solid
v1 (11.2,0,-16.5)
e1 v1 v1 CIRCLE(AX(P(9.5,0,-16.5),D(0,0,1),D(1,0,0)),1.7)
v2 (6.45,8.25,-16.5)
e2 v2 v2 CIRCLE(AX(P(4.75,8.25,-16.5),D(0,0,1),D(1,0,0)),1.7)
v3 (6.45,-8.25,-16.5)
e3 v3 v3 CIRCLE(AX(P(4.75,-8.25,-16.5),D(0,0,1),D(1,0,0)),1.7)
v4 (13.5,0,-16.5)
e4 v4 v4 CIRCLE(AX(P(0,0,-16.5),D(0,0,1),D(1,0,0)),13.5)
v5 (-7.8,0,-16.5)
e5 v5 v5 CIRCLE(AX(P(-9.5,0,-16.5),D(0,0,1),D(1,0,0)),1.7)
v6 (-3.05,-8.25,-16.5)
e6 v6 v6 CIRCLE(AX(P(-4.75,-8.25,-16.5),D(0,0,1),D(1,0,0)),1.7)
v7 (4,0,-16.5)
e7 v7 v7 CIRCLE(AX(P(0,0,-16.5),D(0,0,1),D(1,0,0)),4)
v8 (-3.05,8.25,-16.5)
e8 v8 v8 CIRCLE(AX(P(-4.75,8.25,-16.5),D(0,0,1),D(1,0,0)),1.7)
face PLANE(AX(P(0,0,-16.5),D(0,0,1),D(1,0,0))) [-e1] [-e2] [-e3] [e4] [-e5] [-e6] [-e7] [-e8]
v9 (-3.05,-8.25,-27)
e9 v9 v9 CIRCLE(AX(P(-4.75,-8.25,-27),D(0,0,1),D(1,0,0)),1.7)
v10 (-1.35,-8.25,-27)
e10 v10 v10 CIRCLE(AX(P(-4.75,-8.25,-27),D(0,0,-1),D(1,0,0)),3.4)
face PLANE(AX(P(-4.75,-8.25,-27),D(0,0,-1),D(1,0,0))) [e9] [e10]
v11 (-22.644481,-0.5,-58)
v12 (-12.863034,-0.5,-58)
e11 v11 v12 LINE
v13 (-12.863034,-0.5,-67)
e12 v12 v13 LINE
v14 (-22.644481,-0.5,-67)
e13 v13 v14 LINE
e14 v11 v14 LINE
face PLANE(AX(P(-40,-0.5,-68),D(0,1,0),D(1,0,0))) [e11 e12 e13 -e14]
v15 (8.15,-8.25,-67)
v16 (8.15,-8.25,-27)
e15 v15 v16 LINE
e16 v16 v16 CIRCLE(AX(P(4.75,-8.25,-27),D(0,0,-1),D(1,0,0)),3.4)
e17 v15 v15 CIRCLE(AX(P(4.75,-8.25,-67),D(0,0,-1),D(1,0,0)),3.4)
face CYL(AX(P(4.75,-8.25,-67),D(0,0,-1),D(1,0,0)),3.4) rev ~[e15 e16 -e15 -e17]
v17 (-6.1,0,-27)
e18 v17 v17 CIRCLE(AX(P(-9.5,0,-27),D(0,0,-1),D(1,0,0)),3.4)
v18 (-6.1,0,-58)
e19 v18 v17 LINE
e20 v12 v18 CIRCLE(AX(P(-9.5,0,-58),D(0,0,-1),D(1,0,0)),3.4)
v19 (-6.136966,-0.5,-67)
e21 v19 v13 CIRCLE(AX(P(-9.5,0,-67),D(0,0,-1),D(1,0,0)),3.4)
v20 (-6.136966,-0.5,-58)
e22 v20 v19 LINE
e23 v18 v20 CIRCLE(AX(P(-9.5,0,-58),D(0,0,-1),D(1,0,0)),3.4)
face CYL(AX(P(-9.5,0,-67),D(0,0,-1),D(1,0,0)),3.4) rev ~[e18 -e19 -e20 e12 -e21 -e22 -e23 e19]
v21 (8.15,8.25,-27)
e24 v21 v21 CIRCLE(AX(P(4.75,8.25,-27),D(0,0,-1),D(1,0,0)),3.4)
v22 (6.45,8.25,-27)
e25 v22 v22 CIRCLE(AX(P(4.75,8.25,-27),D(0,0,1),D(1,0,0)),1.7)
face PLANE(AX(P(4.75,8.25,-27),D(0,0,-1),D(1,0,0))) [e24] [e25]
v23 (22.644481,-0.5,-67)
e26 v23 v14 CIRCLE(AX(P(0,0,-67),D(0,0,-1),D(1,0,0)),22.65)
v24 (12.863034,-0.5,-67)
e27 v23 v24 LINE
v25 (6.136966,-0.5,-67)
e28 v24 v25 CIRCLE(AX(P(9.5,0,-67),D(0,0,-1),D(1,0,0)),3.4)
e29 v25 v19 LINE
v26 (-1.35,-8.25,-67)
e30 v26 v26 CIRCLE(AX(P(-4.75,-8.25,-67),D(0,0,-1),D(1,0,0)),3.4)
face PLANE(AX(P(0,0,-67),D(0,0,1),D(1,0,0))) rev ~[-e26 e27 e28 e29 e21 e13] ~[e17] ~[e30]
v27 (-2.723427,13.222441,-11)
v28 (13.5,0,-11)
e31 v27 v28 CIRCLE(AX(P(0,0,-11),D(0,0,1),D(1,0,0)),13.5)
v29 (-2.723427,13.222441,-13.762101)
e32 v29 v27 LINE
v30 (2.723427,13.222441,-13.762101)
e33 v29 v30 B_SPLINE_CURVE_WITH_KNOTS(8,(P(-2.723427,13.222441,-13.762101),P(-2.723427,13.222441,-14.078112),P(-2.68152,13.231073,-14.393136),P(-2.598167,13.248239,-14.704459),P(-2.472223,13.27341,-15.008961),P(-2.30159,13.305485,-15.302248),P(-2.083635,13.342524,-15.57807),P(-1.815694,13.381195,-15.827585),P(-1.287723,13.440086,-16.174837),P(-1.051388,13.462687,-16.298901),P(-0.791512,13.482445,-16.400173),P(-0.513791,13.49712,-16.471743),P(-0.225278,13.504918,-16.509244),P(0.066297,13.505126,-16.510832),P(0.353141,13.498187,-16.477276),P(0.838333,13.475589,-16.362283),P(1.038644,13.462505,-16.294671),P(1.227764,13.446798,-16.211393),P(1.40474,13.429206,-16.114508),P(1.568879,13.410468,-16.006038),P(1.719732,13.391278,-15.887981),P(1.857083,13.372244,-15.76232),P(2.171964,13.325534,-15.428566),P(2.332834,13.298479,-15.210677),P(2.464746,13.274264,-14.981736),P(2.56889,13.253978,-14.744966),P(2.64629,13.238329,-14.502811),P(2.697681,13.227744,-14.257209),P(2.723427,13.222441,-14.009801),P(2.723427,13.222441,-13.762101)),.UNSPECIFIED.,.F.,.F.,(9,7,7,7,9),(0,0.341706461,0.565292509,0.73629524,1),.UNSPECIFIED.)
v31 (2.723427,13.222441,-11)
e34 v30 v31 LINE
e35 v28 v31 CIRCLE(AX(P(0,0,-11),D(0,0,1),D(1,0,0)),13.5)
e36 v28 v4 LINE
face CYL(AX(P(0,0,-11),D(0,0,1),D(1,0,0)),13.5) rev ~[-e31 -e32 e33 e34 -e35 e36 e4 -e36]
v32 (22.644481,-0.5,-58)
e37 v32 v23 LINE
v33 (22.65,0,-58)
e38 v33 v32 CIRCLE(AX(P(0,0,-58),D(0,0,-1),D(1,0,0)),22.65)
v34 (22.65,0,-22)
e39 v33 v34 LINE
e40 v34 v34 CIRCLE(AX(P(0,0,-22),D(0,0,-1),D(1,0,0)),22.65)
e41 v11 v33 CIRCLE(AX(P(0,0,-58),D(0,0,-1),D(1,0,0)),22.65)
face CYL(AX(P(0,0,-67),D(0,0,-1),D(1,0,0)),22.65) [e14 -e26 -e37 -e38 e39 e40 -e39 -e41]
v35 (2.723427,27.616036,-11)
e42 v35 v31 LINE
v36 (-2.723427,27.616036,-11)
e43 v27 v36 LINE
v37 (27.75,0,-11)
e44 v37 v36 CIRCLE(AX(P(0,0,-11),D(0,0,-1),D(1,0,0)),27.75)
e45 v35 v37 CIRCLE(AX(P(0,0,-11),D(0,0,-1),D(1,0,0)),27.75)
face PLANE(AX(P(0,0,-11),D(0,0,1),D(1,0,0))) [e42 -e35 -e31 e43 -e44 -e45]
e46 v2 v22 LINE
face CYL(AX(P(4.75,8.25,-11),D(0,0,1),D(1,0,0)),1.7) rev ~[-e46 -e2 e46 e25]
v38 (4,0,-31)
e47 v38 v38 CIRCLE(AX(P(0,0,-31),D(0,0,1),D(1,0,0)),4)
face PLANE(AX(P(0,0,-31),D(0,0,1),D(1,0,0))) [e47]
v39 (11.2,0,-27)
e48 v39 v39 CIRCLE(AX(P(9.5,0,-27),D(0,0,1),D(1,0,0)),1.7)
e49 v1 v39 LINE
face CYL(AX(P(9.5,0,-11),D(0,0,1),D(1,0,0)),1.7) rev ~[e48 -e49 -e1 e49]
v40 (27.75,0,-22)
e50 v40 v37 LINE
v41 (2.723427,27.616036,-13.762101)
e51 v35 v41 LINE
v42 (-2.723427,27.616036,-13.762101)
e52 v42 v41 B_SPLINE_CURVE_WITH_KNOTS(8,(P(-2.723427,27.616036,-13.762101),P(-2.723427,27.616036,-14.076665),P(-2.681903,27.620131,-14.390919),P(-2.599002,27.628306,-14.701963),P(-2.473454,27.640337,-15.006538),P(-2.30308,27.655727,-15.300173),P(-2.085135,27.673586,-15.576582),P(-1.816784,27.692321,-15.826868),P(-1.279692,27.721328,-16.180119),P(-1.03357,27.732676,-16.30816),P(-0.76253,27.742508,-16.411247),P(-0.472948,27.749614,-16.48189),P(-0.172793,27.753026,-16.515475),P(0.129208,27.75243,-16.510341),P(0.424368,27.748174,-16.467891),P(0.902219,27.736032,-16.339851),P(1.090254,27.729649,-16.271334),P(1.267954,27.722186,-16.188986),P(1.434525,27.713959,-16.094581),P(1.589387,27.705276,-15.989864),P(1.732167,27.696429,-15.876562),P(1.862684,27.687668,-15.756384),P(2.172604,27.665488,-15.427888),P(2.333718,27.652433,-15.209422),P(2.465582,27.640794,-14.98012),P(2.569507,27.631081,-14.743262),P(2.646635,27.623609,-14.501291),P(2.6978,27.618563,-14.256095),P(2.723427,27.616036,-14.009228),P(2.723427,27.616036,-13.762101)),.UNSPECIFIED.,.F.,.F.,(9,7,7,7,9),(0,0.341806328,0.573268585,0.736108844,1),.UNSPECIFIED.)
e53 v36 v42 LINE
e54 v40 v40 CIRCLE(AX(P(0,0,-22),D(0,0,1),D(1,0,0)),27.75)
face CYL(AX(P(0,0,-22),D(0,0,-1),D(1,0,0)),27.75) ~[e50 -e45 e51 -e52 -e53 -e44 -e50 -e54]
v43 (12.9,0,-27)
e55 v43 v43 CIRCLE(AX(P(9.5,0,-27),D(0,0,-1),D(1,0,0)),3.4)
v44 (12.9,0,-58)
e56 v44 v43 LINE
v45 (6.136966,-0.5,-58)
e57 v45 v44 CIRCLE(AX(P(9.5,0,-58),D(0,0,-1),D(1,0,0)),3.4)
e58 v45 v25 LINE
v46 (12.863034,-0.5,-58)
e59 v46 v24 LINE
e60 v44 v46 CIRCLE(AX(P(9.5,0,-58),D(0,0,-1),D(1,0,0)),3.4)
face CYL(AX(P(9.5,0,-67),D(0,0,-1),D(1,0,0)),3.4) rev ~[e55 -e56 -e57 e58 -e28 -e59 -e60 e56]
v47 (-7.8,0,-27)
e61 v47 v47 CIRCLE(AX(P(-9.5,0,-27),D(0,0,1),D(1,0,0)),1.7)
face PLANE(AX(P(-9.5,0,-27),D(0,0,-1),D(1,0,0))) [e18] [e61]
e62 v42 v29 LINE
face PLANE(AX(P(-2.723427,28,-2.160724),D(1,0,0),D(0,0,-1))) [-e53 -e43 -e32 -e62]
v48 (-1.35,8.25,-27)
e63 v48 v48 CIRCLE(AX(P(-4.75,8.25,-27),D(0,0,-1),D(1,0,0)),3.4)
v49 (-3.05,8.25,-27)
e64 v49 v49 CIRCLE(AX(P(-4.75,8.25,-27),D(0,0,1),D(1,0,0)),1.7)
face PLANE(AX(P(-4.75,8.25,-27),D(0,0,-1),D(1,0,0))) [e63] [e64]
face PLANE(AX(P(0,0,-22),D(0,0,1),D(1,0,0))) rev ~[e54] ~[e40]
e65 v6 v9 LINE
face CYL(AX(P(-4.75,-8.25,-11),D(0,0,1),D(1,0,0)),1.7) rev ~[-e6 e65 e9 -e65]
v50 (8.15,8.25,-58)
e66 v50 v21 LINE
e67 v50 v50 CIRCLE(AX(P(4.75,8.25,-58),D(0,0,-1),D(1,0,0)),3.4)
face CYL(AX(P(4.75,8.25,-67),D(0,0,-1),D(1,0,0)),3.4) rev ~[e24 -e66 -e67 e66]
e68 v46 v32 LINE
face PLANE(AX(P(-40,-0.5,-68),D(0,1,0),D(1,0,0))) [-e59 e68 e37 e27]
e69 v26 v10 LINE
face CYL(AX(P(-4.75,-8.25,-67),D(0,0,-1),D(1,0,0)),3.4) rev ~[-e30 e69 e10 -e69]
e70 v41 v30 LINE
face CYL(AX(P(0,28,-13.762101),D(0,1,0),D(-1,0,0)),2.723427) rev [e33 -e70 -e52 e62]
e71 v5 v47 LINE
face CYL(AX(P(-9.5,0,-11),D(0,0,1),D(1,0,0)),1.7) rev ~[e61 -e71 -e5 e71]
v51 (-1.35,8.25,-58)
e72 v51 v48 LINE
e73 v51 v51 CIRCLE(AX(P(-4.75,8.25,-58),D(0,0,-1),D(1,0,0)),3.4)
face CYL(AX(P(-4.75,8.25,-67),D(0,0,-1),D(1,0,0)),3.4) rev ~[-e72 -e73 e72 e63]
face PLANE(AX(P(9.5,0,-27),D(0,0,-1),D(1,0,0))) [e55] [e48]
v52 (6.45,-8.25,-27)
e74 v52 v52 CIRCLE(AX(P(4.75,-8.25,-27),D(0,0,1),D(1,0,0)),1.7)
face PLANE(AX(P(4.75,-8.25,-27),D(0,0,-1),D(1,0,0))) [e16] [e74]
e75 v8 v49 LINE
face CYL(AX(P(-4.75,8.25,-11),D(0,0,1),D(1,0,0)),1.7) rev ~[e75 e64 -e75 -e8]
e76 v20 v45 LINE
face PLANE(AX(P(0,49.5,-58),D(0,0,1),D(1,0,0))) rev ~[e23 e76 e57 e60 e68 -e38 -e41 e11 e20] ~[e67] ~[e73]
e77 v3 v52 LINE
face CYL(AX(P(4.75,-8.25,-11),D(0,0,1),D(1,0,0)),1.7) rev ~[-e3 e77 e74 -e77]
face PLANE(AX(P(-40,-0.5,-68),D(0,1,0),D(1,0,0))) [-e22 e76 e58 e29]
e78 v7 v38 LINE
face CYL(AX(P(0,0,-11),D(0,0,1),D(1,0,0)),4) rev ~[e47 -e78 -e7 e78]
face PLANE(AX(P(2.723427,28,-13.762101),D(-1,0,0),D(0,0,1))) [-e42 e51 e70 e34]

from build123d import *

# Parameters (mm, degrees)
BOX002_W          = 80
BOX002_H          = 100
BOX002_DEPTH      = 10
BOX_W             = 10
BOX_H             = 10
BOX_DEPTH         = 10.8
CYLINDER002_R     = 2.15
CYLINDER002_DEPTH = 10.8
CYLINDER_R        = 22.75
CYLINDER_DEPTH    = 60
CYLINDER001_R     = 27.75
CYLINDER001_DEPTH = 15
SKETCH025_R       = 48.85367
POCKET023_DEPTH   = 4
SKETCH026_R       = 13.5
POCKET024_DEPTH   = 5.5
SKETCH027_R       = 4
POCKET025_DEPTH   = 20
SKETCH028_R       = 1.7
POCKET026_DEPTH   = 56.001
SKETCH029_R       = 3.4
POCKET027_DEPTH   = 40
POCKET028_DEPTH   = 19
SKETCH050_R       = 33.40384
SKETCH050_R_2     = 22.65
POCKET041_DEPTH   = 45


with BuildPart() as cutcube001:
    # Box002 → Box002 (new body)
    with BuildSketch(Plane(origin=(-40, -0.5, -1), x_dir=(1, 0, 0), z_dir=(0, 0, 1))):
        with Locations((40, 50)):
            Rectangle(BOX002_W, BOX002_H)
    extrude(amount=BOX002_DEPTH)


with BuildPart() as cube:
    # Box → Box (new body)
    with BuildSketch(Plane(origin=(-5, 1.536842, 0), x_dir=(1, 0, 0), z_dir=(0, 0, 1))):
        with Locations((5, 5)):
            Rectangle(BOX_W, BOX_H)
    extrude(amount=BOX_DEPTH)


with BuildPart() as motor_shaft_hole:
    # Cylinder002 → Cylinder002 (new body)
    with BuildSketch(Plane.XY):
        Circle(CYLINDER002_R)
    extrude(amount=CYLINDER002_DEPTH)

    # Cut: cut Cube
    add(cube.part, mode=Mode.SUBTRACT)


with BuildPart() as motor_shaft_hole_1:
    # Cut placement: moved
    add(motor_shaft_hole.part.moved(Location((0, 0, 49.2))))


with BuildPart() as cylinder_plug_inner:
    # Cylinder → Cylinder (new body)
    with BuildSketch(Plane.XY):
        Circle(CYLINDER_R)
    extrude(amount=CYLINDER_DEPTH)


with BuildPart() as body002:
    # Cylinder001 → Cylinder001 (new body)
    with BuildSketch(Plane.XY.offset(45)):
        Circle(CYLINDER001_R)
    extrude(amount=CYLINDER001_DEPTH)

    # Fusion: union Cylinder_plug_inner
    add(cylinder_plug_inner.part)

    # Cut001: cut Motor_shaft_hole
    add(motor_shaft_hole_1.part, mode=Mode.SUBTRACT)

    # Cut003: cut CutCube001
    add(cutcube001.part, mode=Mode.SUBTRACT)


with BuildPart() as body002_1:
    # Cut003 placement: moved
    add(body002.part.moved(Location((135, 0, 0))))


with BuildPart() as body002_2:
    # BaseFeature001 placement: moved
    add(body002_1.part.moved(Location((-135, 0, 0))))

    # Sketch025 (on Face5 of BaseFeature001) → Pocket023 (cut)
    with BuildSketch(Plane.XY.offset(60)):
        Circle(SKETCH025_R)
    extrude(amount=-POCKET023_DEPTH, mode=Mode.SUBTRACT)

    # Sketch026 (on Face3 of Pocket023) → Pocket024 (cut)
    with BuildSketch(Plane.XY.offset(56)):
        Circle(SKETCH026_R)
    extrude(amount=-POCKET024_DEPTH, mode=Mode.SUBTRACT)

    # Sketch027 (on Face3 of Pocket024) → Pocket025 (cut)
    with BuildSketch(Plane.XY.offset(56)):
        Circle(SKETCH027_R)
    extrude(amount=-POCKET025_DEPTH, mode=Mode.SUBTRACT)

    # Sketch028 (on Face3 of Pocket025) → Pocket026 (cut, through all)
    with BuildSketch(Plane.XY.offset(56)):
        with Locations((-4.75, 8.25)):
            Circle(SKETCH028_R)
        with Locations((4.75, 8.25)):
            Circle(SKETCH028_R)
        with Locations((4.75, -8.25)):
            Circle(SKETCH028_R)
        with Locations((-4.75, -8.25)):
            Circle(SKETCH028_R)
        with Locations((-9.5, 0)):
            Circle(SKETCH028_R)
        with Locations((9.5, 0)):
            Circle(SKETCH028_R)
    extrude(amount=-POCKET026_DEPTH, mode=Mode.SUBTRACT)

    # Sketch029 (on Face6 of Pocket026) → Pocket027 (cut)
    with BuildSketch(Plane(origin=(0, 0, 0), x_dir=(1, 0, 0), z_dir=(0, 0, -1))):
        with Locations((-4.75, 8.25)):
            Circle(SKETCH029_R)
        with Locations((4.75, 8.25)):
            Circle(SKETCH029_R)
        with Locations((9.5, 0)):
            Circle(SKETCH029_R)
        with Locations((-9.5, 0)):
            Circle(SKETCH029_R)
        with Locations((-4.75, -8.25)):
            Circle(SKETCH029_R)
        with Locations((4.75, -8.25)):
            Circle(SKETCH029_R)
    extrude(amount=-POCKET027_DEPTH, mode=Mode.SUBTRACT)

    # Sketch030 (on DatumPlane) → Pocket028 (cut)
    with BuildSketch(Plane.XZ.offset(-28)):
        with BuildLine():
            ThreePointArc((-2.723427, 53.237899), (0, 50.514472), (2.723427, 53.237899))
            Line((2.723427, 53.237899), (2.723427, 64.839276))
            ThreePointArc((2.723427, 64.839276), (0, 67.562703), (-2.723427, 64.839276))
            Line((-2.723427, 64.839276), (-2.723427, 53.237899))
        make_face()
    extrude(amount=POCKET028_DEPTH, mode=Mode.SUBTRACT)

    # Sketch050 (on Face10 of Pocket028) → Pocket041 (cut)
    with BuildSketch(Plane(origin=(0, 0, 0), x_dir=(1, 0, 0), z_dir=(0, 0, -1))):
        Circle(SKETCH050_R)
        Circle(SKETCH050_R_2, mode=Mode.SUBTRACT)
    extrude(amount=-POCKET041_DEPTH, mode=Mode.SUBTRACT)


with BuildPart() as body002_3:
    # Body002 placement: moved
    add(body002_2.part.moved(Location((0, 0, -67))))


solid = body002_3.part
